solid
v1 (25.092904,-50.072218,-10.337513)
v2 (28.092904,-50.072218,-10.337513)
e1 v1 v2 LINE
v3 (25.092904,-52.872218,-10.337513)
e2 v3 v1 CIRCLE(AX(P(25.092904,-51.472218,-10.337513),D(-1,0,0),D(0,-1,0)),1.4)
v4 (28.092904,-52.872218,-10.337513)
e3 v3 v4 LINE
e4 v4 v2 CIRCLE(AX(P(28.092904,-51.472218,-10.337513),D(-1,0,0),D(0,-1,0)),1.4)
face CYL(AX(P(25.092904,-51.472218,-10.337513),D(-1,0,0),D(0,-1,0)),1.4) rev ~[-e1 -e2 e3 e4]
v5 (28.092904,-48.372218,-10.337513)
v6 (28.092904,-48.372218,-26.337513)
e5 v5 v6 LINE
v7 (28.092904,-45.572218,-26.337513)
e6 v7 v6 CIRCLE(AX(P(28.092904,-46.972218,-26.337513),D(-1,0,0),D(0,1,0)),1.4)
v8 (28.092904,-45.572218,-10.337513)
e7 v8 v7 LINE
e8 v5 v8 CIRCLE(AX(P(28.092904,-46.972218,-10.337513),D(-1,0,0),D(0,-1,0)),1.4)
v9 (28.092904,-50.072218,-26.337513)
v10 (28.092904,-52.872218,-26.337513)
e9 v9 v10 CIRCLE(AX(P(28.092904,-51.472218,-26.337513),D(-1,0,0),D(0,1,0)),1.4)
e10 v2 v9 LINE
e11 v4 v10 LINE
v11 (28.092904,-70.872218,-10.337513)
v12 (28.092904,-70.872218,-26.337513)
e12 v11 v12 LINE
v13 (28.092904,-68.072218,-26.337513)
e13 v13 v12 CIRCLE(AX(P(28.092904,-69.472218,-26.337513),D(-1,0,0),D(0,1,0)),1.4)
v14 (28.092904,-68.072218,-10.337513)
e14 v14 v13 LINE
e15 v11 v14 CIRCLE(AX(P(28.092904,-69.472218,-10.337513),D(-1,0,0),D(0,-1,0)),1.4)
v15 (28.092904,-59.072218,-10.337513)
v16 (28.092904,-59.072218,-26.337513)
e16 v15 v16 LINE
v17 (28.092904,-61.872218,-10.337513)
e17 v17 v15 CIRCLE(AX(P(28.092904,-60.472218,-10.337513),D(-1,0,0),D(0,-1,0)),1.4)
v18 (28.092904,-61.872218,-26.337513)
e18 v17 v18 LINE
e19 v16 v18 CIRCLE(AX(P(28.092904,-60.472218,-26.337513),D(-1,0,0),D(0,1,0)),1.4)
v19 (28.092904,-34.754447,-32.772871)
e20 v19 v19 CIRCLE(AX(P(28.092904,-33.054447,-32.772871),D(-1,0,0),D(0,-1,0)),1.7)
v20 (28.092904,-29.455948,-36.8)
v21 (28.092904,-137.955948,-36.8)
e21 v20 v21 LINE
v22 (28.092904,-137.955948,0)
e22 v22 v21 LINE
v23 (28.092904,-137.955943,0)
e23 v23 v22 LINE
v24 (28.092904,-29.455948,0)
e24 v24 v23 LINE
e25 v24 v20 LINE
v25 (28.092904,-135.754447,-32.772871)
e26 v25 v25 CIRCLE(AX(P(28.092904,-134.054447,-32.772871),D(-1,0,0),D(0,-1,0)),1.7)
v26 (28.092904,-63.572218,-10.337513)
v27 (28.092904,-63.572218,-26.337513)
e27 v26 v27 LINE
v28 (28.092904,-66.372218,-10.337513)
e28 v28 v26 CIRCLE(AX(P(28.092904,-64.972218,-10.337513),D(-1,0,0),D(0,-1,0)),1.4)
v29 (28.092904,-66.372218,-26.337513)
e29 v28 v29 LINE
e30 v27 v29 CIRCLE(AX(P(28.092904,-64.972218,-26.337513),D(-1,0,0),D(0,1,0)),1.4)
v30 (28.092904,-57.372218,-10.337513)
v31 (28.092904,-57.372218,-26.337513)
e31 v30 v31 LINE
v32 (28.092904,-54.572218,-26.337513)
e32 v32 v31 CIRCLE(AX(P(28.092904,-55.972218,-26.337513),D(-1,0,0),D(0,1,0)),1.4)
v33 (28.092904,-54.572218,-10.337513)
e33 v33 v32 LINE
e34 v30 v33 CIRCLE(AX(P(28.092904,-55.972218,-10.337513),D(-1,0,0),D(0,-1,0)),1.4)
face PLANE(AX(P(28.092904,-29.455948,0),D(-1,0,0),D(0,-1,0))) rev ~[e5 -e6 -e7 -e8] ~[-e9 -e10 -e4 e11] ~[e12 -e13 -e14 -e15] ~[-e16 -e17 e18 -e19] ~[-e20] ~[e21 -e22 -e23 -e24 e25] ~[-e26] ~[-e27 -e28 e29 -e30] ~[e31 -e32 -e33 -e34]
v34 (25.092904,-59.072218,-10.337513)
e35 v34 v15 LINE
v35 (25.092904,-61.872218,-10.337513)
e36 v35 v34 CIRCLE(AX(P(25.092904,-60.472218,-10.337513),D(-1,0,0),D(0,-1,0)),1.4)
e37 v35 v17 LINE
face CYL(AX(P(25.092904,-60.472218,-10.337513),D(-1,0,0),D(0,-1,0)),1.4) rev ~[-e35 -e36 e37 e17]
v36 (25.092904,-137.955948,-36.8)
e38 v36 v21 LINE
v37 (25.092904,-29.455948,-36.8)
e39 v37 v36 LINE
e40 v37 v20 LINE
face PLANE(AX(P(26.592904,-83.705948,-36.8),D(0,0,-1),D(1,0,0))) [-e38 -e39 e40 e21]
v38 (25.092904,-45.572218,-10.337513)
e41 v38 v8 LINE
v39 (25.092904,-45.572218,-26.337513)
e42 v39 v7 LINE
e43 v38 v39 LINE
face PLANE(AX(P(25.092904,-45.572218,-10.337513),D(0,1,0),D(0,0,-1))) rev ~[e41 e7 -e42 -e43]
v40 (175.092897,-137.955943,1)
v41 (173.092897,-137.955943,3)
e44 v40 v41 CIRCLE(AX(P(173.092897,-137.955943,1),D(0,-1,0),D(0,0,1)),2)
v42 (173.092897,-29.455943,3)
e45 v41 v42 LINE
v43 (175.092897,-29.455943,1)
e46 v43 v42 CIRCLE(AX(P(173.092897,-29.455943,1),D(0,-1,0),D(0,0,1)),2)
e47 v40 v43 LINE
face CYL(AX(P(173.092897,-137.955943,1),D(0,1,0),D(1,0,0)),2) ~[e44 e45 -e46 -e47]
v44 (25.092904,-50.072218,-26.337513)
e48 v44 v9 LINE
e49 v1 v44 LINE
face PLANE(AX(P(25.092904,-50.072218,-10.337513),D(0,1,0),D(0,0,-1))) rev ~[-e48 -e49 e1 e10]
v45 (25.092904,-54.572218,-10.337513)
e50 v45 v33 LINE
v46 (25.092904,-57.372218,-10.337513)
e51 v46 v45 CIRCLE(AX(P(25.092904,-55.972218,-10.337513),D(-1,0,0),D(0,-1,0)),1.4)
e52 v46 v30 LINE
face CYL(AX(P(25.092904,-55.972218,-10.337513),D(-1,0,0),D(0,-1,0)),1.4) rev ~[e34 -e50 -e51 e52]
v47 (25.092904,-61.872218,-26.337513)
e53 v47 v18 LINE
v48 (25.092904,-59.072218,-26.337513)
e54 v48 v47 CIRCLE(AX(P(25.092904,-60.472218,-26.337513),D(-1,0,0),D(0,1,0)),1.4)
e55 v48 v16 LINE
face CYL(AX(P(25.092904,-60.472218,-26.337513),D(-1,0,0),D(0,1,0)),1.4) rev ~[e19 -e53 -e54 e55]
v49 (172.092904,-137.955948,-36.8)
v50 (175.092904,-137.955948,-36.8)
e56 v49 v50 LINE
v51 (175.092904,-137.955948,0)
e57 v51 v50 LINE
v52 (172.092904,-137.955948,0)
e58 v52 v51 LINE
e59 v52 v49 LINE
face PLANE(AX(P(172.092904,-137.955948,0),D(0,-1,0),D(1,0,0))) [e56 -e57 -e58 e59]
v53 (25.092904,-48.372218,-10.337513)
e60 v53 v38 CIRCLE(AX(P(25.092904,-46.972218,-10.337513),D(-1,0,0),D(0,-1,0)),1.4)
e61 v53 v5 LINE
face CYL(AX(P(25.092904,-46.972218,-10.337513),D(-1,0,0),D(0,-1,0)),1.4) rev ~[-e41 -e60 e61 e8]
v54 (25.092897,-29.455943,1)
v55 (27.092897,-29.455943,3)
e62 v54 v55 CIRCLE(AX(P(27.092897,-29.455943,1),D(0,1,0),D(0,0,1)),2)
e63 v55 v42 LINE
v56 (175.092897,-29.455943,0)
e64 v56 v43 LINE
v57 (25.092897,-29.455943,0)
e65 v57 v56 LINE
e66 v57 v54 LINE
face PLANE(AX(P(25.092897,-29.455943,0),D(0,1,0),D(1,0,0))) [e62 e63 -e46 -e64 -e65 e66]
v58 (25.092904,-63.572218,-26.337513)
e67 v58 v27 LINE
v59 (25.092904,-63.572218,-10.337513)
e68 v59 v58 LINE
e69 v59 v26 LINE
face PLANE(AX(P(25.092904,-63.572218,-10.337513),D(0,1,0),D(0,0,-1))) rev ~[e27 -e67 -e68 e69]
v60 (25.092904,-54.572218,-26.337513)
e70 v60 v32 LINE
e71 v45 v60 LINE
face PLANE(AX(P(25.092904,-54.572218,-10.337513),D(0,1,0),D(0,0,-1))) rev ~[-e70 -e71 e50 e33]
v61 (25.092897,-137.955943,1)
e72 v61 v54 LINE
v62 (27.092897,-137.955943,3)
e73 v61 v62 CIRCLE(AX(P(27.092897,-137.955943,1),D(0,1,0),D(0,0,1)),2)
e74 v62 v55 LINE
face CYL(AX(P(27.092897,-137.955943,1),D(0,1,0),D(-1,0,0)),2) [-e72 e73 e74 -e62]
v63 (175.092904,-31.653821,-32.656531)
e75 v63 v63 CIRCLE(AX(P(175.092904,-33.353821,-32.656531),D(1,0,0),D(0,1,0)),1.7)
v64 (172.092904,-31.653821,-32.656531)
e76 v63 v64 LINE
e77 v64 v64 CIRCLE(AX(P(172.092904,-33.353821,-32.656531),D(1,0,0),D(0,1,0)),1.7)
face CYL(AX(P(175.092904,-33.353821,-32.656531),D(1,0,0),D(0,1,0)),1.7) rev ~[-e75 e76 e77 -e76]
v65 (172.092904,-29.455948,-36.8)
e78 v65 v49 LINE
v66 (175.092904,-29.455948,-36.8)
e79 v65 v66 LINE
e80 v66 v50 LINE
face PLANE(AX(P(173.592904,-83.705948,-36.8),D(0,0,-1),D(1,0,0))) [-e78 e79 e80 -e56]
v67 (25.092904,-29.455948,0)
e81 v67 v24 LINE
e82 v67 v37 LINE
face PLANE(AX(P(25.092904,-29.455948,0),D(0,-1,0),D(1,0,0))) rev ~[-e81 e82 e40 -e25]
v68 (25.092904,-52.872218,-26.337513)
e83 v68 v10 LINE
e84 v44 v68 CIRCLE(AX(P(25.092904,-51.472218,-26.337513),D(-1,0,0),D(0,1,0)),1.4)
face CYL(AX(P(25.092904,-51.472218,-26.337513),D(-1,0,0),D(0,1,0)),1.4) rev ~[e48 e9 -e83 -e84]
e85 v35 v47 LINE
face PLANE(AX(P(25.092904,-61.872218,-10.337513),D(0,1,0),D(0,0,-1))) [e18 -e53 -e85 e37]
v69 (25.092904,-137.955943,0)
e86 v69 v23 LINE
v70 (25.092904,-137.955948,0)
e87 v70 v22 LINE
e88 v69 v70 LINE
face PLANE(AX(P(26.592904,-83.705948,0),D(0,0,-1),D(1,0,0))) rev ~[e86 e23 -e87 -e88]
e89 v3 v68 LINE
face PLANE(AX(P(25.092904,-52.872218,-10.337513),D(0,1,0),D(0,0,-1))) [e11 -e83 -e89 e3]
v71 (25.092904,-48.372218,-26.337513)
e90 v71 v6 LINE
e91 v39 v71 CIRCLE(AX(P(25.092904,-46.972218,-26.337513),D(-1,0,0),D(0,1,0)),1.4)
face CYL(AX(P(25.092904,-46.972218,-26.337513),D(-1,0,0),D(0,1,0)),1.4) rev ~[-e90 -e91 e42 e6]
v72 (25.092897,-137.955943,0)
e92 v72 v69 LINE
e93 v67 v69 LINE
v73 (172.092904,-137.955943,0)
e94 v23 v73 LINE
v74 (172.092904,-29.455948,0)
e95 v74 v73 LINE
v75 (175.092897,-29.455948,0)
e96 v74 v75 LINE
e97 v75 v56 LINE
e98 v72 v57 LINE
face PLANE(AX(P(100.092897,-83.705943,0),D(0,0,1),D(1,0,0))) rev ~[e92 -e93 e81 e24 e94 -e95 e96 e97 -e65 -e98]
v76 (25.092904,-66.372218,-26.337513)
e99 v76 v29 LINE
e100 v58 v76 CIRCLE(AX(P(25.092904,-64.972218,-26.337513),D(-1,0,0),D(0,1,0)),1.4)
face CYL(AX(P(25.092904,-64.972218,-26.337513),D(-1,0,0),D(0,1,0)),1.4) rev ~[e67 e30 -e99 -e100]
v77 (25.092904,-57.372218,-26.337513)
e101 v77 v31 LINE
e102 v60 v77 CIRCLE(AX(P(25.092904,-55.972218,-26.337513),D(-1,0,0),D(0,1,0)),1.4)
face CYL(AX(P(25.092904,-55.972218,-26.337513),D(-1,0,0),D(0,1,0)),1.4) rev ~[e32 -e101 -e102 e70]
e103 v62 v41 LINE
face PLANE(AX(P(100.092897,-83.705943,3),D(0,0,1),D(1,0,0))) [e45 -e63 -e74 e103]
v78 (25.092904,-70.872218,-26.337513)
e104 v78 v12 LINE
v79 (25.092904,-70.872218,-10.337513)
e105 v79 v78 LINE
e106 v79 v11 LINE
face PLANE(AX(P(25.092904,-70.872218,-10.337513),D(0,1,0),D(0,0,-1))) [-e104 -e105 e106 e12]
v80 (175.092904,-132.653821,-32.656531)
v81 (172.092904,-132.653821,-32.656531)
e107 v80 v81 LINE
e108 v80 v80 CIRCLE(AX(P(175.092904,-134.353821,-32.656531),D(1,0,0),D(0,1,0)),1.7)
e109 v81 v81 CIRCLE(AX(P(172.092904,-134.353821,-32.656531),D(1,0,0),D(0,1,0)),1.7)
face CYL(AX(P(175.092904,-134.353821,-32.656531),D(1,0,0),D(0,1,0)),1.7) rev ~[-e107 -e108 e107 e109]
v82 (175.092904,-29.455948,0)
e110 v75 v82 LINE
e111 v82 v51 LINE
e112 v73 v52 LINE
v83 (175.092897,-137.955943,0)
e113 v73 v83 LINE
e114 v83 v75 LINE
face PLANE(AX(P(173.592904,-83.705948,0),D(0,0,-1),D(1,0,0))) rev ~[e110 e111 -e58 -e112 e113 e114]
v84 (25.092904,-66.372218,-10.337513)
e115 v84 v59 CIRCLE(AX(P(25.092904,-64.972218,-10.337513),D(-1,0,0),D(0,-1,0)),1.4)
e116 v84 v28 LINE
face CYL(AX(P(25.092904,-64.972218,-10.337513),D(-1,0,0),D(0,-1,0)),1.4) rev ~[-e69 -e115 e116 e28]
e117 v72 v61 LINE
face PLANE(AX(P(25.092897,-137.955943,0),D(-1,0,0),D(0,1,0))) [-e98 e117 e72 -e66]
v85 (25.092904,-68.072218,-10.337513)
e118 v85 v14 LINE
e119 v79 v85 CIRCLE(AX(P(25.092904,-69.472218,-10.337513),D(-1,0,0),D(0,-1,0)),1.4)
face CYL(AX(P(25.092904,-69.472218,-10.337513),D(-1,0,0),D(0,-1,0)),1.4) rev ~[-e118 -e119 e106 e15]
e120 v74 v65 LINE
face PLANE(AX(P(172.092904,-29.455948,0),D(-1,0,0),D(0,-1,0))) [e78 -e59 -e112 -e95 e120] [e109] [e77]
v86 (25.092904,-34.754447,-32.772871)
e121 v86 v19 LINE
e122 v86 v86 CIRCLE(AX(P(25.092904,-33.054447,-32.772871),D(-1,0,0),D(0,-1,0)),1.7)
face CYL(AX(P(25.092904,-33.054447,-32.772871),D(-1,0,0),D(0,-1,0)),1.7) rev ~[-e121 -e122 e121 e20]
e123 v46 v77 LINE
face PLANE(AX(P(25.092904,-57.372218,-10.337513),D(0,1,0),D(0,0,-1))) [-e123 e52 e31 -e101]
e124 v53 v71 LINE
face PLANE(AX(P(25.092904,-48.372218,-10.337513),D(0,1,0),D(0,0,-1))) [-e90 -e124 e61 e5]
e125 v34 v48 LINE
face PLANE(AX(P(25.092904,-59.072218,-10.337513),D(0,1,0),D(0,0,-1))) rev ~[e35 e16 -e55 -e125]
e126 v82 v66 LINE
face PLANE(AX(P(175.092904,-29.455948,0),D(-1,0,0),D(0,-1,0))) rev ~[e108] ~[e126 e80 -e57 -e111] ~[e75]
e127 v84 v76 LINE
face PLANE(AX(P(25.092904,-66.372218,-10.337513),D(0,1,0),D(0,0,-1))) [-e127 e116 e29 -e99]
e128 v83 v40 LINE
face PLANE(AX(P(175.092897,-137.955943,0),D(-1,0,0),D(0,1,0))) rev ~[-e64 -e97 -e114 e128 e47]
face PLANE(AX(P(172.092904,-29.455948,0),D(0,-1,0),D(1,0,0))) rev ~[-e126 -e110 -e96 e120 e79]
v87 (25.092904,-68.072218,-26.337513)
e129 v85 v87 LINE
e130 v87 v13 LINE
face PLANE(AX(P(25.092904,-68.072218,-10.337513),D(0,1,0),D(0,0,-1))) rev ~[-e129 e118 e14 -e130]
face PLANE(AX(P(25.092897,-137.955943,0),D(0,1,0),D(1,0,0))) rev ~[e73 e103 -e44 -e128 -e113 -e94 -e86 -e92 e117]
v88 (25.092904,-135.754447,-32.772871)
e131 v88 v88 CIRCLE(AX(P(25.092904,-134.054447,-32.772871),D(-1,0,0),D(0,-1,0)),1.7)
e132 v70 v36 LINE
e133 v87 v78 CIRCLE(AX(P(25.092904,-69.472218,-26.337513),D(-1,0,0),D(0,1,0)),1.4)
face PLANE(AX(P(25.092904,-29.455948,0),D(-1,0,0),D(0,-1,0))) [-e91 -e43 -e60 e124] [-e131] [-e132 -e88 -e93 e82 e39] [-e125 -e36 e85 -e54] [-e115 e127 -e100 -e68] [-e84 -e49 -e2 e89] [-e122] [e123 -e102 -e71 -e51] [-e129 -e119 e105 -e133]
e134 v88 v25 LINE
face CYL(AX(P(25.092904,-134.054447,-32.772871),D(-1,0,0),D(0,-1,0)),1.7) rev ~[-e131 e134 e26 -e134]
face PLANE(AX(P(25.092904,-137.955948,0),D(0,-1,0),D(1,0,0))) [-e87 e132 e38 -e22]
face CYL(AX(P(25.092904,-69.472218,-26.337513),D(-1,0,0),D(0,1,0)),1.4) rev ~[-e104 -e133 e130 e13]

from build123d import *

# Parameters (mm, degrees)
SKETCH010_W     = 150
SKETCH010_H     = 108.5
PAD004_DEPTH    = 3
SKETCH011_W     = 3
SKETCH011_H     = 108.5
PAD005_DEPTH    = 36.8
SKETCH014_R     = 1.7
POCKET006_DEPTH = 5
SKETCH015_R     = 1.7
POCKET007_DEPTH = 5
POCKET010_DEPTH = 5
FILLET_R        = 2


with BuildPart() as part:
    # Sketch010 → Pad004 (new body)
    with BuildSketch(Plane.XY):
        with Locations((100.092897, -83.705943)):
            Rectangle(SKETCH010_W, SKETCH010_H)
    extrude(amount=PAD004_DEPTH)

    # Sketch011 (on Face5 of Pad004) → Pad005 (join)
    with BuildSketch(Plane(origin=(0, 0, 0), x_dir=(1, 0, 0), z_dir=(0, 0, -1))):
        with Locations((173.592904, 83.705948)):
            Rectangle(SKETCH011_W, SKETCH011_H)
        with Locations((26.592904, 83.705948)):
            Rectangle(SKETCH011_W, SKETCH011_H)
    extrude(amount=PAD005_DEPTH)

    # Sketch014 (on Face15 of Pad005) → Pocket006 (cut)
    with BuildSketch(Plane.YZ.offset(175.092904)):
        with Locations((-134.353821, -32.656531)):
            Circle(SKETCH014_R)
        with Locations((-33.353821, -32.656531)):
            Circle(SKETCH014_R)
    extrude(amount=-POCKET006_DEPTH, mode=Mode.SUBTRACT)

    # Sketch015 (on Face13 of Pocket006) → Pocket007 (cut)
    with BuildSketch(Plane(origin=(25.092904, 0, 0), x_dir=(0, -1, 0), z_dir=(-1, 0, 0))):
        with Locations((33.054447, -32.772871)):
            Circle(SKETCH015_R)
        with Locations((134.054447, -32.772871)):
            Circle(SKETCH015_R)
    extrude(amount=-POCKET007_DEPTH, mode=Mode.SUBTRACT)

    # Sketch018 (on Face13 of Pocket007) → Pocket010 (cut)
    with BuildSketch(Plane(origin=(25.092904, 0, 0), x_dir=(0, -1, 0), z_dir=(-1, 0, 0))):
        with BuildLine():
            ThreePointArc((48.372218, -10.337513), (46.972218, -8.937513), (45.572218, -10.337513))
            Line((45.572218, -10.337513), (45.572218, -26.337513))
            ThreePointArc((45.572218, -26.337513), (46.972218, -27.737513), (48.372218, -26.337513))
            Line((48.372218, -10.337513), (48.372218, -26.337513))
        make_face()
        with BuildLine():
            ThreePointArc((52.872218, -10.337513), (51.472218, -8.937513), (50.072218, -10.337513))
            Line((50.072218, -10.337513), (50.072218, -26.337513))
            ThreePointArc((50.072218, -26.337513), (51.472218, -27.737513), (52.872218, -26.337513))
            Line((52.872218, -10.337513), (52.872218, -26.337513))
        make_face()
        with BuildLine():
            ThreePointArc((57.372218, -10.337513), (55.972218, -8.937513), (54.572218, -10.337513))
            Line((54.572218, -10.337513), (54.572218, -26.337513))
            ThreePointArc((54.572218, -26.337513), (55.972218, -27.737513), (57.372218, -26.337513))
            Line((57.372218, -10.337513), (57.372218, -26.337513))
        make_face()
        with BuildLine():
            ThreePointArc((61.872218, -10.337513), (60.472218, -8.937513), (59.072218, -10.337513))
            Line((59.072218, -10.337513), (59.072218, -26.337513))
            ThreePointArc((59.072218, -26.337513), (60.472218, -27.737513), (61.872218, -26.337513))
            Line((61.872218, -10.337513), (61.872218, -26.337513))
        make_face()
        with BuildLine():
            ThreePointArc((66.372218, -10.337513), (64.972218, -8.937513), (63.572218, -10.337513))
            Line((63.572218, -10.337513), (63.572218, -26.337513))
            ThreePointArc((63.572218, -26.337513), (64.972218, -27.737513), (66.372218, -26.337513))
            Line((66.372218, -10.337513), (66.372218, -26.337513))
        make_face()
        with BuildLine():
            ThreePointArc((70.872218, -10.337513), (69.472218, -8.937513), (68.072218, -10.337513))
            Line((68.072218, -10.337513), (68.072218, -26.337513))
            ThreePointArc((68.072218, -26.337513), (69.472218, -27.737513), (70.872218, -26.337513))
            Line((70.872218, -10.337513), (70.872218, -26.337513))
        make_face()
    extrude(amount=-POCKET010_DEPTH, mode=Mode.SUBTRACT)

    # Fillet
    fillet_edges = [part.edges().sort_by_distance(p)[0] for p in [
        (25.092897, -83.705943, 3),
        (175.092897, -83.705943, 3),
    ]]
    fillet(fillet_edges, radius=FILLET_R)


solid = part.part
